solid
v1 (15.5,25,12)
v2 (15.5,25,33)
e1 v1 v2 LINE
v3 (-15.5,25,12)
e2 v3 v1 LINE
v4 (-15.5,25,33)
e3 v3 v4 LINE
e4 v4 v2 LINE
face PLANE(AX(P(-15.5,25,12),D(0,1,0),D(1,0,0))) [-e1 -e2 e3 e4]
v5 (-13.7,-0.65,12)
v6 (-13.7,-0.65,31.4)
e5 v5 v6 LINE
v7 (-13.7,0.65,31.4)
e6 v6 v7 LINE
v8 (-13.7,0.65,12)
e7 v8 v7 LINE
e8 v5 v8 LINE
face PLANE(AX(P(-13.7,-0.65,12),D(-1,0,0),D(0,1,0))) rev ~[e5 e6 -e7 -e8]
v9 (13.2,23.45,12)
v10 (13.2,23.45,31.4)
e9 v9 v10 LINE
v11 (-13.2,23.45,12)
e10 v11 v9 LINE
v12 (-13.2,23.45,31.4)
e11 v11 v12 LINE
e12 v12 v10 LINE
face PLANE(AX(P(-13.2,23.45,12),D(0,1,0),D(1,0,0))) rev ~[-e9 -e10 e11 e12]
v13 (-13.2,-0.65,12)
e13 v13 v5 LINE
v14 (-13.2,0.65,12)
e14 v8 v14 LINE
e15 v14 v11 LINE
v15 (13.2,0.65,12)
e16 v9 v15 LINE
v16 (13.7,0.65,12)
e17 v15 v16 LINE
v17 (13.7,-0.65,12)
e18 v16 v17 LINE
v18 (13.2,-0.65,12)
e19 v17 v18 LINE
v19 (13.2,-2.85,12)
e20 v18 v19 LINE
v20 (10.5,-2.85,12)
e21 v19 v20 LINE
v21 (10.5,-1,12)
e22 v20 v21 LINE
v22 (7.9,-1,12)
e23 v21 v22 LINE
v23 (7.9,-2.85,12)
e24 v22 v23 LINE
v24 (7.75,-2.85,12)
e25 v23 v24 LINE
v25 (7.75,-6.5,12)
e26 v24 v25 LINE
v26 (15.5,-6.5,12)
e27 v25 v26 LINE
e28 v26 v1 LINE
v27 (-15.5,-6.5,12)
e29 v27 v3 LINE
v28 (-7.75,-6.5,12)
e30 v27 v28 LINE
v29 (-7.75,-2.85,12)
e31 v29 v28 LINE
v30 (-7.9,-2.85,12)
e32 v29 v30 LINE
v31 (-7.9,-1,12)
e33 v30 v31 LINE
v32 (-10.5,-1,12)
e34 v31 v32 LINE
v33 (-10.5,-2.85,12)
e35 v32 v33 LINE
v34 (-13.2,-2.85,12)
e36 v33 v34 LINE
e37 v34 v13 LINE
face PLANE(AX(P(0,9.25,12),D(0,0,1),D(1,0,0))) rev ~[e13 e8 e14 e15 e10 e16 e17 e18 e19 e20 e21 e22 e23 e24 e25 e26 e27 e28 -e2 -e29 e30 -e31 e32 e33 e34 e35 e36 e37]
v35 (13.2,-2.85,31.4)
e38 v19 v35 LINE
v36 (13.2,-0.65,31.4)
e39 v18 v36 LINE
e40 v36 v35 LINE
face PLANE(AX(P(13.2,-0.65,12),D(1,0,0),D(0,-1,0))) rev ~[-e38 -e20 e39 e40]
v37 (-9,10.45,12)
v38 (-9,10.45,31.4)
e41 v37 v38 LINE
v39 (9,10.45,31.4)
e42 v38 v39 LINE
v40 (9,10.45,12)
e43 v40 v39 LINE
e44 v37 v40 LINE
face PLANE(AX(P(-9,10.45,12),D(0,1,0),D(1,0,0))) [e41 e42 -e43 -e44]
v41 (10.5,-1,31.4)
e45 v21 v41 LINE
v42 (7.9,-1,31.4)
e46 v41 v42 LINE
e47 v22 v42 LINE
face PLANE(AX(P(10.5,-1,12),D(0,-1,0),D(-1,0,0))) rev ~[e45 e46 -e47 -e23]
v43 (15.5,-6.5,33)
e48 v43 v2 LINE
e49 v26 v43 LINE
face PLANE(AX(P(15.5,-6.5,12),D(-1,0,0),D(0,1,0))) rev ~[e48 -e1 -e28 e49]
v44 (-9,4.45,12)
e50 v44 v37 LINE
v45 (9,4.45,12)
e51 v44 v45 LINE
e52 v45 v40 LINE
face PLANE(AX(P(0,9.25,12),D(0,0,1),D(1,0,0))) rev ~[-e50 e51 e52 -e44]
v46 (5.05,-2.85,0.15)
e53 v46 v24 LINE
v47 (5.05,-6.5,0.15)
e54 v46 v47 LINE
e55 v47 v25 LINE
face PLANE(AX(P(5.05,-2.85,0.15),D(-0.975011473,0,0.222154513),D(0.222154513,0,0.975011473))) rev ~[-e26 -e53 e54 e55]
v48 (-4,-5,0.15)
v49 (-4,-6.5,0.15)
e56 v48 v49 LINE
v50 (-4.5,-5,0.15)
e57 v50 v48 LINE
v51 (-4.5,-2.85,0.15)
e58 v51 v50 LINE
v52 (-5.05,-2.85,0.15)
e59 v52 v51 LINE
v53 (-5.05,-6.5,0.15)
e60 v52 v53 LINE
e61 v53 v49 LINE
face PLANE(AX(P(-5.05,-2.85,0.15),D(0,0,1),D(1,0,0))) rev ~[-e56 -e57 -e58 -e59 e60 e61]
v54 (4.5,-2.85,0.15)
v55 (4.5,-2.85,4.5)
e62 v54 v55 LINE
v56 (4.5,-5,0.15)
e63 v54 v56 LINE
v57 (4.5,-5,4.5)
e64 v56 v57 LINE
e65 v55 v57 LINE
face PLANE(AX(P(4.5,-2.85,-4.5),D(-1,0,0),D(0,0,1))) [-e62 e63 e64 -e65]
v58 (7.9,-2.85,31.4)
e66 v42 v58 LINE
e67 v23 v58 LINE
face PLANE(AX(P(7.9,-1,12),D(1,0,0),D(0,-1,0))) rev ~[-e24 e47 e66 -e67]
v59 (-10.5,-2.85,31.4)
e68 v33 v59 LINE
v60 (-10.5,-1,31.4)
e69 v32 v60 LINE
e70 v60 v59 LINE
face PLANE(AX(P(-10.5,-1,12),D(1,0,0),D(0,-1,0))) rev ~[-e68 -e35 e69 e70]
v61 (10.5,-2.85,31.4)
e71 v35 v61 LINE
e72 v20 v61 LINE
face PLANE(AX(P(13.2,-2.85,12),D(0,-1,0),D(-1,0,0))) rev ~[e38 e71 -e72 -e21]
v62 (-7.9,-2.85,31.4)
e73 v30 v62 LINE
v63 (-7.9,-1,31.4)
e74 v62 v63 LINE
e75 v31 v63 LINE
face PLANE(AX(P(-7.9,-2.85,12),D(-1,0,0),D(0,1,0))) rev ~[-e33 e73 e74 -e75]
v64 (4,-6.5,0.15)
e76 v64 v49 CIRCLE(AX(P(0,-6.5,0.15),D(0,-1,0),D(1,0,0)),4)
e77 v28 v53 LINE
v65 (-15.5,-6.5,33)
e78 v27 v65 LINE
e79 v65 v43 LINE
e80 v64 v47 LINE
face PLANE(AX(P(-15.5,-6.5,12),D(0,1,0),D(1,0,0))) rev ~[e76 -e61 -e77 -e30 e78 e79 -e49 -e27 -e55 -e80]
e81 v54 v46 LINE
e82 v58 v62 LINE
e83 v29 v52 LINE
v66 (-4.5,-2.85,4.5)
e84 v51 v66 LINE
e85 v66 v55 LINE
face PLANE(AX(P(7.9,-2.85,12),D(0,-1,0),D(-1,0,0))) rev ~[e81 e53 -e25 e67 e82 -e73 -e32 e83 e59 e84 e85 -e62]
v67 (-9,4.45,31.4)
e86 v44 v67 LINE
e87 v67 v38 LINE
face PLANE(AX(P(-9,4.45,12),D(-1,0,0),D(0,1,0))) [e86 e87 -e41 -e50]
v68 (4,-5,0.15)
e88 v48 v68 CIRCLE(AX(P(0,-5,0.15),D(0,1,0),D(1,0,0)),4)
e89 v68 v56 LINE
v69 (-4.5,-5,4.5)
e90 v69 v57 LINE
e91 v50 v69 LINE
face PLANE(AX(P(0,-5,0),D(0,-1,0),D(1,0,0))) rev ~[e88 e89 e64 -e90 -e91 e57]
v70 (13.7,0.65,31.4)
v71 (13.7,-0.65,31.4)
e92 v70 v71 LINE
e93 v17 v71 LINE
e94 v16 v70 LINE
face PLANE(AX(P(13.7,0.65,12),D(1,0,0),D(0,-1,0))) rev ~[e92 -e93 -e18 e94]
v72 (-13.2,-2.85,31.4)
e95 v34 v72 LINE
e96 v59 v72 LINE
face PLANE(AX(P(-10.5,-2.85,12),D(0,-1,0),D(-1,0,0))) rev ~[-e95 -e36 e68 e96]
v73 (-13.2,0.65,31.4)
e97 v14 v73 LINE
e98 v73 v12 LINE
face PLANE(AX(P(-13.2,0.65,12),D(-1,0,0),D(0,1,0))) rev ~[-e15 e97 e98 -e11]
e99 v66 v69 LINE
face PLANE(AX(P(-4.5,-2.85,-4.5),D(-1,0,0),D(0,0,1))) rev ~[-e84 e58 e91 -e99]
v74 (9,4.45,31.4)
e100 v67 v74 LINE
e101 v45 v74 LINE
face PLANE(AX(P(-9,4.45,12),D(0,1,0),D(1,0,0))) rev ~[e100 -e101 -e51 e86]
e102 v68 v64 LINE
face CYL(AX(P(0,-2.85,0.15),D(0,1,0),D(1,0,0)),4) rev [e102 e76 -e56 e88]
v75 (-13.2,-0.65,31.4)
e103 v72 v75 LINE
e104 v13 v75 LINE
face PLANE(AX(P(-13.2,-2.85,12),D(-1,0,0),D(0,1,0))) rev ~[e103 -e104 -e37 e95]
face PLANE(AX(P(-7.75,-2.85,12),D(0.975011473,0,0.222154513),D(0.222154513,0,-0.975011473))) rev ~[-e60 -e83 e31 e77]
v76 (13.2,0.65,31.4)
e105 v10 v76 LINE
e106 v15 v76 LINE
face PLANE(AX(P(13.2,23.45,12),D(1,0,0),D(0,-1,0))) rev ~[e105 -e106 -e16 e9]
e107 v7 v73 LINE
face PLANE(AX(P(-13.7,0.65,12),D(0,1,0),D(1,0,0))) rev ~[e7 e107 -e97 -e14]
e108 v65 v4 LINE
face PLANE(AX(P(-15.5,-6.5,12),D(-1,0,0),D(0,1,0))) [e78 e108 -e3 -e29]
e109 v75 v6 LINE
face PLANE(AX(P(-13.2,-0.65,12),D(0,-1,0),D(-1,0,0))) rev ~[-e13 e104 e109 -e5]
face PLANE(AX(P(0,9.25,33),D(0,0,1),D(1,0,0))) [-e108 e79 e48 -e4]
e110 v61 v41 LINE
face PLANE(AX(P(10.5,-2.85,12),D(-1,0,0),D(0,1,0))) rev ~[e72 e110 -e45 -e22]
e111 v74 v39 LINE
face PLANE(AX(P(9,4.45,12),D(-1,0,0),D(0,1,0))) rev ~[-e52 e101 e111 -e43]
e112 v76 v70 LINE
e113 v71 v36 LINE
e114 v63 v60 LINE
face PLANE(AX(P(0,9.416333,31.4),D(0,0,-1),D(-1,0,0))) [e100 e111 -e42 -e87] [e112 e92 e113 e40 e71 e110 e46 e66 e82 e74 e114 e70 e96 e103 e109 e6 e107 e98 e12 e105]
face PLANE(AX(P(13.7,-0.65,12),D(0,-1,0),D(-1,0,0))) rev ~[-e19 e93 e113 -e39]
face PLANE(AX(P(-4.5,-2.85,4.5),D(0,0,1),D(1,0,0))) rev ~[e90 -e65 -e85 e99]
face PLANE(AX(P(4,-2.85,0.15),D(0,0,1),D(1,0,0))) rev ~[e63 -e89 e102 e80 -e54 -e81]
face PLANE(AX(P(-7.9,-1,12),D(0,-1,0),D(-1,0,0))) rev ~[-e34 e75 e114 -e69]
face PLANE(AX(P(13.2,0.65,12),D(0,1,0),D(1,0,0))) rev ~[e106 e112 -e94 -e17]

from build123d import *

# Parameters (mm, degrees)
SKETCH009_W     = 31
SKETCH009_H     = 31.5
PAD001_DEPTH    = 21
SKETCH010_W     = 18
SKETCH010_H     = 6
POCKET007_DEPTH = 19.4
PAD002_DEPTH    = 3.65
SKETCH012_W     = 9
SKETCH012_H     = 9
POCKET008_DEPTH = 2.15


with BuildPart() as part:
    # Sketch009 → Pad001 (new body)
    with BuildSketch(Plane.XY):
        with Locations((0, 9.25)):
            Rectangle(SKETCH009_W, SKETCH009_H)
    extrude(amount=PAD001_DEPTH)

    # Sketch010 → Pocket007 (cut)
    with BuildSketch(Plane.XY):
        Polygon((-7.9, -2.85), (-7.9, -1), (-10.5, -1), (-10.5, -2.85), (-13.2, -2.85), (-13.2, -0.65), (-13.7, -0.65), (-13.7, 0.65), (-13.2, 0.65), (-13.2, 23.45), (13.2, 23.45), (13.2, 0.65), (13.7, 0.65), (13.7, -0.65), (13.2, -0.65), (13.2, -2.85), (10.5, -2.85), (10.5, -1), (7.9, -1), (7.9, -2.85), align=None)
        with Locations((0, 7.45)):
            Rectangle(SKETCH010_W, SKETCH010_H, mode=Mode.SUBTRACT)
    extrude(amount=POCKET007_DEPTH, mode=Mode.SUBTRACT)

    # Sketch011 → Pad002 (join)
    with BuildSketch(Plane.XZ.offset(2.85)):
        with BuildLine():
            Line((-7.75, 0), (-5.05, -11.85))
            Line((-5.05, -11.85), (-4, -11.85))
            ThreePointArc((4, -11.85), (0, -7.85), (-4, -11.85))
            Line((4, -11.85), (5.05, -11.85))
            Line((5.05, -11.85), (7.75, 0))
            Line((7.75, 0), (-7.75, 0))
        make_face()
    extrude(amount=PAD002_DEPTH)

    # Sketch012 → Pocket008 (cut)
    with BuildSketch(Plane.XZ.offset(2.85)):
        with Locations((0, -12)):
            Rectangle(SKETCH012_W, SKETCH012_H)
    extrude(amount=POCKET008_DEPTH, mode=Mode.SUBTRACT)


with BuildPart() as part_1:
    # Body001 placement: moved
    add(part.part.moved(Location((0, 0, 12))))


solid = part_1.part
